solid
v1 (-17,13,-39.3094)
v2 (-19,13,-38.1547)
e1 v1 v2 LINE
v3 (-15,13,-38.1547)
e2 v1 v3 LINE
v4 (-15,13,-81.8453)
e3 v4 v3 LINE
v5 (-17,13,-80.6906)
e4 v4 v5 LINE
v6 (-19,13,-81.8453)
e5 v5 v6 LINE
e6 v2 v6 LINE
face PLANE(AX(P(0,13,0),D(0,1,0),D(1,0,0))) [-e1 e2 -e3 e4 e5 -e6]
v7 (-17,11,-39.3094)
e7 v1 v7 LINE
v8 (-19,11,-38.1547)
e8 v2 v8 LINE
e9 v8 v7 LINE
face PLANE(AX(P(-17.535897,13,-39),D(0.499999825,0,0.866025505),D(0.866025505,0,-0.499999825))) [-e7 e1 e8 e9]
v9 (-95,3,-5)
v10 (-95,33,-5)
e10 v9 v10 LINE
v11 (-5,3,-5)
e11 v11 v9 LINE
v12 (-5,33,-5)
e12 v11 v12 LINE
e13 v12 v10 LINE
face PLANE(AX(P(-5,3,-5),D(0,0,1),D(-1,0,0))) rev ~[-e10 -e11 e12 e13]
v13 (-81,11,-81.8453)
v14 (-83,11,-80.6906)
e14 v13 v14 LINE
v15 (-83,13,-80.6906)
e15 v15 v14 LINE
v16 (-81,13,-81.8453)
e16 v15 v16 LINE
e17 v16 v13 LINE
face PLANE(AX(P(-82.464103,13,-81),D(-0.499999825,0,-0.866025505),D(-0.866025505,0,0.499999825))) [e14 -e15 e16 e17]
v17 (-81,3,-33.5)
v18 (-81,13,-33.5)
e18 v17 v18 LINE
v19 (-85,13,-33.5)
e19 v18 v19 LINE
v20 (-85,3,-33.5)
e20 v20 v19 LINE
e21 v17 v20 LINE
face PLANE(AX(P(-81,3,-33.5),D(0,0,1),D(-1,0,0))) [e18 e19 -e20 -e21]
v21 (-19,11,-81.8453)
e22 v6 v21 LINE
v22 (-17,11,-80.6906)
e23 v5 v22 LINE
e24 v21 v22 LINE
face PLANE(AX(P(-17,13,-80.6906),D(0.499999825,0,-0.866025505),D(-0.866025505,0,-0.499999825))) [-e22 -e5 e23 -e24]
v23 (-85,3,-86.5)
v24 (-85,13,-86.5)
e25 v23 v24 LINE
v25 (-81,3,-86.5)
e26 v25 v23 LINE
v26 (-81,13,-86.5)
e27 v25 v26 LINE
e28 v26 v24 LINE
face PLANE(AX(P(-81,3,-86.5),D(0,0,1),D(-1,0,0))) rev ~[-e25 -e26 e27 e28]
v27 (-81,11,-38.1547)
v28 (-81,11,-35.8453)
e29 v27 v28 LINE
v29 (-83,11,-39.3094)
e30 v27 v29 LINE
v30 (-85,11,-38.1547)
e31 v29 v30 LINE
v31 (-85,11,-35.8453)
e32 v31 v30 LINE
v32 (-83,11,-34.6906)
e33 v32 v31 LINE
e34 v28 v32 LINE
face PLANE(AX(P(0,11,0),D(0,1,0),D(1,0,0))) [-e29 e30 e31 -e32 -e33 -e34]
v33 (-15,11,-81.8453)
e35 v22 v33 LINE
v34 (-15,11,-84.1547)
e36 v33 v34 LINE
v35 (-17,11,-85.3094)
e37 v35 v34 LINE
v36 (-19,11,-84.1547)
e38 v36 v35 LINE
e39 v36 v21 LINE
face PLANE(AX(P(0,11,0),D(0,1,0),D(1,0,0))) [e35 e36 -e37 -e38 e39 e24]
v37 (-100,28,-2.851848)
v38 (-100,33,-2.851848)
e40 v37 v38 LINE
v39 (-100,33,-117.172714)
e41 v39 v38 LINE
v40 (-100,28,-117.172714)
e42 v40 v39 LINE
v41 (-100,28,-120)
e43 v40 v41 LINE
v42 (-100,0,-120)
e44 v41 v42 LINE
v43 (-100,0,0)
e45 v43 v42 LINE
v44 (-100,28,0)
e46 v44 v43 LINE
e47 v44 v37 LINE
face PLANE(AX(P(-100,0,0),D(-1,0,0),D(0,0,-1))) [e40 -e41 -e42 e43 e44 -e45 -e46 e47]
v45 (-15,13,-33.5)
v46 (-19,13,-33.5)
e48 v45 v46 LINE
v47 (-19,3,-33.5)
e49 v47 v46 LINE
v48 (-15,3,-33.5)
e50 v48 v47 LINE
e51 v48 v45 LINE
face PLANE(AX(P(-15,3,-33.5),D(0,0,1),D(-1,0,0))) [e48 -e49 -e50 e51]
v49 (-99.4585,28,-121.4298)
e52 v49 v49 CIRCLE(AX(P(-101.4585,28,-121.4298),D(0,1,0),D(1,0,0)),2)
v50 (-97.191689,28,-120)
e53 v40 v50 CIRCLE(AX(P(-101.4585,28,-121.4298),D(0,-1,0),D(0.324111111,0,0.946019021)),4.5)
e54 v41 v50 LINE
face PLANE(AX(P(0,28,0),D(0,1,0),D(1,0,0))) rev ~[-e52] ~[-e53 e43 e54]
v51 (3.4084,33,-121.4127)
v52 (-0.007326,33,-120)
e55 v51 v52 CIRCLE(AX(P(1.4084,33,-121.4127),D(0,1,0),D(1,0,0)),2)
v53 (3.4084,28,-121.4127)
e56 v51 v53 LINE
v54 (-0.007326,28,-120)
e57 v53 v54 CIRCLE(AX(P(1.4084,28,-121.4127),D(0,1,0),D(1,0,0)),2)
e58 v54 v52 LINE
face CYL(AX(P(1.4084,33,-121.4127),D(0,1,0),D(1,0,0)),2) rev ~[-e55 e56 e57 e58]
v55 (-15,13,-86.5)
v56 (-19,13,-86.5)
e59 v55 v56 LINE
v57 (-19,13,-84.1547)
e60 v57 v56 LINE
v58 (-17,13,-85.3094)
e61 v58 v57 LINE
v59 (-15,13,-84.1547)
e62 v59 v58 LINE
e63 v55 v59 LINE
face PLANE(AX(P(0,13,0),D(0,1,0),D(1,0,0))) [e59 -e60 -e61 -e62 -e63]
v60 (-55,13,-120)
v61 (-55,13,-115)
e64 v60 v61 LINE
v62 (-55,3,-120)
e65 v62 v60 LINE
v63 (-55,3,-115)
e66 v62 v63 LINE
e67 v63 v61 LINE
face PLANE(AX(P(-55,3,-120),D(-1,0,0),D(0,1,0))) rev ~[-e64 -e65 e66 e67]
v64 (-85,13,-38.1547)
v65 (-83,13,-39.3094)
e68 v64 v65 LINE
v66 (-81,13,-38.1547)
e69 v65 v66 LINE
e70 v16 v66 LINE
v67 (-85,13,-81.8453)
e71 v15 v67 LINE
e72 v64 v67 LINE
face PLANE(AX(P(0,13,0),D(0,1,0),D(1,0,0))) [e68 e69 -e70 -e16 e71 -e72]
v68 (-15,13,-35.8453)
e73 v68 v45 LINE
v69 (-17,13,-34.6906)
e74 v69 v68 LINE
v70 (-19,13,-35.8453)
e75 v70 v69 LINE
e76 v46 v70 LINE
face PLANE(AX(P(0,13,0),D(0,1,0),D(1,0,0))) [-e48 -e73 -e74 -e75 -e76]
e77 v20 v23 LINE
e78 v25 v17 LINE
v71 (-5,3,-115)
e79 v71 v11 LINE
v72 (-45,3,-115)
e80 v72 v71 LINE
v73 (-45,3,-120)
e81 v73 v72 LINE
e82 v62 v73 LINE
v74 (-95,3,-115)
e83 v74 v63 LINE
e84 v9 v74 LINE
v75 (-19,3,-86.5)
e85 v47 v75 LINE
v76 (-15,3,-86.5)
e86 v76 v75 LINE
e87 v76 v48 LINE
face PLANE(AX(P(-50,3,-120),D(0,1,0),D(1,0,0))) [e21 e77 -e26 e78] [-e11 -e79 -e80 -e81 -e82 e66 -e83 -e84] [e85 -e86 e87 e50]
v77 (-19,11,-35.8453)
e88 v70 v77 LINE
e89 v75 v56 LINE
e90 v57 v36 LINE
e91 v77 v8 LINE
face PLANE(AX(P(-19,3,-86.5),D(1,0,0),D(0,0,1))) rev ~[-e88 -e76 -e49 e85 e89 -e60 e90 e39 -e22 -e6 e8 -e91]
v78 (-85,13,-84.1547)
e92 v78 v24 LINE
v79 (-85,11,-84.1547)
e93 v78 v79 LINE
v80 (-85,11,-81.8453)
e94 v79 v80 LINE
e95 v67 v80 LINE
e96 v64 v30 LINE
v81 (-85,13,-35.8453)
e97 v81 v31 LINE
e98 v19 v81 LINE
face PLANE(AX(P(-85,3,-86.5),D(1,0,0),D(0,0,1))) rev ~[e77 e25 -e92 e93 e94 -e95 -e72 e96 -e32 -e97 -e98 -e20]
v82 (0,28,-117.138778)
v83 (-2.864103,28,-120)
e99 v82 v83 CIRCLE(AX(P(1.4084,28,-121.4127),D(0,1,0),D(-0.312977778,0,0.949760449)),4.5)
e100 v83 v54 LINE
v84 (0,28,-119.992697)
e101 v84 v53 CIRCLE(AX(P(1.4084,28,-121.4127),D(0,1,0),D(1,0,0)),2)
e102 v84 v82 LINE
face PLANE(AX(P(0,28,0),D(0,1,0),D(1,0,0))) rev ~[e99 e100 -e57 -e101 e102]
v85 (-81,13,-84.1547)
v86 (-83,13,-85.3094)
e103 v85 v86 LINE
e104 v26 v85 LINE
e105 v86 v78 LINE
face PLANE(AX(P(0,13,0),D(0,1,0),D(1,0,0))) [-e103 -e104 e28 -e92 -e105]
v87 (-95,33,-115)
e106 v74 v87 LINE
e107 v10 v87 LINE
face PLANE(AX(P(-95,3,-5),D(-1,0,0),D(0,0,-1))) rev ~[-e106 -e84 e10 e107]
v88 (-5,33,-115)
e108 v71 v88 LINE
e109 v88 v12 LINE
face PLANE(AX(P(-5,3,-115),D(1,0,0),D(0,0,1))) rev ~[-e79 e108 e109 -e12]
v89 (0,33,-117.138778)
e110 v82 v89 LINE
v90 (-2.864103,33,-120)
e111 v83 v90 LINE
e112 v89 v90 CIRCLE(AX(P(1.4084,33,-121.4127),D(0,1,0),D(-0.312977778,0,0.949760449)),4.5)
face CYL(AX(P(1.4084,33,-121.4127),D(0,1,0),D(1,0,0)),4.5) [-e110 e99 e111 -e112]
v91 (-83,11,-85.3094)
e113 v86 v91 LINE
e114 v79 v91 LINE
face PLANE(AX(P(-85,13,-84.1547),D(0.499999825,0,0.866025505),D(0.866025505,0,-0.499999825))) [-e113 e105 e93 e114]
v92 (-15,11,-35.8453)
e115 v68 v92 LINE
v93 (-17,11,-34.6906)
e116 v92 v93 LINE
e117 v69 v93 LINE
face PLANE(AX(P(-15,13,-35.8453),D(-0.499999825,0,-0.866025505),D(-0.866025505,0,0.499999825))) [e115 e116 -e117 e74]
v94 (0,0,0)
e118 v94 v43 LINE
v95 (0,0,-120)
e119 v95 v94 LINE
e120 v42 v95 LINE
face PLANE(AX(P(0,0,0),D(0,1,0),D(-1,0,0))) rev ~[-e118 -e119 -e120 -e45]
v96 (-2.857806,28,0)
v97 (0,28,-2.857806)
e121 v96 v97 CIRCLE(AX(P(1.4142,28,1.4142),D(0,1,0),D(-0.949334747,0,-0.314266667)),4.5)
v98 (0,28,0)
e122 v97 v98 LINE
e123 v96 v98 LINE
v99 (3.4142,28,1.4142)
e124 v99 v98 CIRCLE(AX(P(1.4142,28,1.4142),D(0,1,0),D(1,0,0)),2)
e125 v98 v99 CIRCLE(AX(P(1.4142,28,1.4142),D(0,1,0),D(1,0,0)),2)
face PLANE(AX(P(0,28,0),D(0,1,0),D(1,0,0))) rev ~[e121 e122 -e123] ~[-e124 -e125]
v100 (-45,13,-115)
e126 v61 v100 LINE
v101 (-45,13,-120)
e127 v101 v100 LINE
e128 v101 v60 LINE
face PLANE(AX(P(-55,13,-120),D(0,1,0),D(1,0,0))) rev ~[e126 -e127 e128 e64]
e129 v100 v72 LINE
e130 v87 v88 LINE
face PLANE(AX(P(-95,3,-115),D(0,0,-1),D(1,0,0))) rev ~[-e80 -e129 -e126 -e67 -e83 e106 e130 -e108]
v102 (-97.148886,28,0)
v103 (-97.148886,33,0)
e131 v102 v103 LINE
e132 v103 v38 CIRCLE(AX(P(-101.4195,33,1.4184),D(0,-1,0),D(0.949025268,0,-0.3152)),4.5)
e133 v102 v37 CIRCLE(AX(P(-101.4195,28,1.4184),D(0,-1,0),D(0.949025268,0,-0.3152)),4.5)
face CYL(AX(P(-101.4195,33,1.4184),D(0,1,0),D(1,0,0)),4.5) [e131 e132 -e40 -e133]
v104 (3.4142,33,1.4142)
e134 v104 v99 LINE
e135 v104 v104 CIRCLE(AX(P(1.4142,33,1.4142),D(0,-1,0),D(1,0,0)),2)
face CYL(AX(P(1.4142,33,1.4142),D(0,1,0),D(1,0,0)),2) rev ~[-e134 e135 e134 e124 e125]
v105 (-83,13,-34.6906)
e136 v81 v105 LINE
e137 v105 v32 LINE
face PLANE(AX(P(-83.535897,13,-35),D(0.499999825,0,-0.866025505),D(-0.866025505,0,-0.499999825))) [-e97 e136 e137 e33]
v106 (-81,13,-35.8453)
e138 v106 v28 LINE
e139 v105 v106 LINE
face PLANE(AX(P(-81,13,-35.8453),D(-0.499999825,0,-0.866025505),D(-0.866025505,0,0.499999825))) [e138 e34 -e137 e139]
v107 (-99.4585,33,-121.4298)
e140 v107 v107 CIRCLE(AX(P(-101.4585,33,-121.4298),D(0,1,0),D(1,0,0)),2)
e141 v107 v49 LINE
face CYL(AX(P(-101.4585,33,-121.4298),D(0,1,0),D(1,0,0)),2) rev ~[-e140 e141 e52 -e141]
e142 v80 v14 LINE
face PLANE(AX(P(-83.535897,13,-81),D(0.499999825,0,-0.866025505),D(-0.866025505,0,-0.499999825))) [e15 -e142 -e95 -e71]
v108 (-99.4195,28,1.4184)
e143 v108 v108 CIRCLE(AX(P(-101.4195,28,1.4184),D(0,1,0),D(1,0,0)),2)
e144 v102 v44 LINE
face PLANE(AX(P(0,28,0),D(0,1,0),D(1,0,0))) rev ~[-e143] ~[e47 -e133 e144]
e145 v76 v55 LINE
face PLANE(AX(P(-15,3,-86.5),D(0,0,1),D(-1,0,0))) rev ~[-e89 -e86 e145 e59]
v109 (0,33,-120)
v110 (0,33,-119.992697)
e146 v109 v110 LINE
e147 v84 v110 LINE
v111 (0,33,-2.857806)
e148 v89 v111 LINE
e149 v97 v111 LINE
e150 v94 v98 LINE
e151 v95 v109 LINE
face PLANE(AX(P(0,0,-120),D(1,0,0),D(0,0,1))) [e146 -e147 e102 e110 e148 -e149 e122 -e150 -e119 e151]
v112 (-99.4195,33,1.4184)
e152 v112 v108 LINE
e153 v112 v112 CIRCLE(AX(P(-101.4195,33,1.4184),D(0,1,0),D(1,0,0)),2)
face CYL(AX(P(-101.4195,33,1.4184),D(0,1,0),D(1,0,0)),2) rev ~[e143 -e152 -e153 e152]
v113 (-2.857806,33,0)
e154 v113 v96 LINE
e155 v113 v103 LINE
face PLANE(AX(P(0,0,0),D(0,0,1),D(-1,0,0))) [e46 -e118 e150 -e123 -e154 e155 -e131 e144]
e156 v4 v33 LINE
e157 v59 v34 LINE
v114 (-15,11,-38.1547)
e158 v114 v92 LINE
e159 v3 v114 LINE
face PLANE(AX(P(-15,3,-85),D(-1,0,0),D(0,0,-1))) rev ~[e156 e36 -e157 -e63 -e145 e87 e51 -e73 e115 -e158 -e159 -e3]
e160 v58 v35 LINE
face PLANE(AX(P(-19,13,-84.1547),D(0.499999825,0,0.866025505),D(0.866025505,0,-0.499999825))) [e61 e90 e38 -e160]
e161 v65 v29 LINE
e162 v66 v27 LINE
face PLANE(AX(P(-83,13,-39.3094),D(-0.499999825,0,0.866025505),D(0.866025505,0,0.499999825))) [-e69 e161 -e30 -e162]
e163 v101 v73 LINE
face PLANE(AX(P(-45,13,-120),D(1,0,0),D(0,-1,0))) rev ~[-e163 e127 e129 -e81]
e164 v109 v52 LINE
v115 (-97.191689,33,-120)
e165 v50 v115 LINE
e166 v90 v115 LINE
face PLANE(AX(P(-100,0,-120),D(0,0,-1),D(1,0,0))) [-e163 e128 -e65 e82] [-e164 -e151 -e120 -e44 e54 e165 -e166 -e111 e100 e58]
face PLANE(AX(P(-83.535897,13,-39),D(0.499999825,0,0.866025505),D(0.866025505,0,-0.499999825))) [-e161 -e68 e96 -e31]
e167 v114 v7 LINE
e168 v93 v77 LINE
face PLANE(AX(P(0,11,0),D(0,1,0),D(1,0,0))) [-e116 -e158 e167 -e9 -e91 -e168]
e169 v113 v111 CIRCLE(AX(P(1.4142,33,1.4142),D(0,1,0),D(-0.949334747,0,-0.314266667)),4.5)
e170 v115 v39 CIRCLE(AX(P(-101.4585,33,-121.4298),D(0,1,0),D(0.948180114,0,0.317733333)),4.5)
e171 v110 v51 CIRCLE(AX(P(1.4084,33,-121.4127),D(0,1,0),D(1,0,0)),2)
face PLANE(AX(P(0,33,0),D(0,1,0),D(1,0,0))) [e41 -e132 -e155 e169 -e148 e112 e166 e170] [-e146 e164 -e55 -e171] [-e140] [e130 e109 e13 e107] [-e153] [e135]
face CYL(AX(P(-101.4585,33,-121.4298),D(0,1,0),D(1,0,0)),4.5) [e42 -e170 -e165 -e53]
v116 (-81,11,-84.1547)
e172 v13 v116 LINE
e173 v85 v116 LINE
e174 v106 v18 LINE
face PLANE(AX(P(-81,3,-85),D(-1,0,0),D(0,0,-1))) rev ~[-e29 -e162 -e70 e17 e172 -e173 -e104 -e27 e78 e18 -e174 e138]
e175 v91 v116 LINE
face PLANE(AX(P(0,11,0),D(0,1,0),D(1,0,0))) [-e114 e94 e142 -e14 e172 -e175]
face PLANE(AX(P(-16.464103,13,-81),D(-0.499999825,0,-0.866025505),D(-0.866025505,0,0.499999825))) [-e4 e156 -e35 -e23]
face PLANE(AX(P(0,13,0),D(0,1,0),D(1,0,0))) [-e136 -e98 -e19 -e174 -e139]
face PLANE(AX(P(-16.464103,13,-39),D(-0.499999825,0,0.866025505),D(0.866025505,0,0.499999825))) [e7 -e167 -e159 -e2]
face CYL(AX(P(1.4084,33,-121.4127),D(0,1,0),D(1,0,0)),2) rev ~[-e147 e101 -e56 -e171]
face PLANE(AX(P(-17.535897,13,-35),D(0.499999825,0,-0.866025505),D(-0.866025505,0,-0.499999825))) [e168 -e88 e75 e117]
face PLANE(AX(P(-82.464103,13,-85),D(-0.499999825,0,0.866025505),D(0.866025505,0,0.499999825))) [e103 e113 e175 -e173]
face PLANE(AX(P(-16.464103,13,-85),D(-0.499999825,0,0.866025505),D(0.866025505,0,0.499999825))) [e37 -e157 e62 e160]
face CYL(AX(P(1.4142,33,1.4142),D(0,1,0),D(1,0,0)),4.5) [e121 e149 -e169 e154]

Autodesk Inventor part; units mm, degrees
ref_plane "YZ Plane" through (0, 0, 0) normal (1, 0, 0) x (0, 1, 0)
ref_plane "XZ Plane" through (0, 0, 0) normal (0, 1, 0) x (-1, 0, 0)
ref_plane "XY Plane" through (0, 0, 0) normal (0, 0, 1) x (1, 0, 0)
sketch "Sketch2" plane through (0, 0, 0) normal (0, 1, 0) x (-1, 0, 0)
  line L0 (0, 0) -> (100, 0)
  line L1 (100, 0) -> (100, -120)
  line L2 (100, -120) -> (0, -120)
  line L3 (0, -120) -> (0, 0)
  dimension "d0" = 100
  dimension "d1" = 120
extrude "Extrusion1" add sketch "Sketch2" along normal blind 3
sketch "Sketch3" plane through (0, 3, 0) normal (0, 1, 0) x (1, 0, 0)
  line L0 (0, 120) -> (-100, 120) projected
  line L1 (-100, 120) -> (-100, 0) projected
  line L2 (-95, 115) -> (-5, 115)
  line L3 (-5, 115) -> (-5, 5)
  line L4 (-5, 5) -> (-95, 5)
  line L5 (-95, 5) -> (-95, 115)
  line L6 (-100, 120) -> (0, 120)
  line L7 (0, 120) -> (0, 0)
  line L8 (0, 0) -> (-100, 0)
  line L9 (-100, 0) -> (-100, 120)
  dimension "d6" = 90
  dimension "d7" = 110
extrude "Extrusion2" add sketch "Sketch3" along normal blind 30
sketch "Sketch4" plane through (0, 3, 0) normal (0, 1, 0) x (1, 0, 0)
  line L0 (-95, 115) -> (-95, 5) projected
  line L1 (-95, 115) -> (-95, 85)
  line L2 (-85, 85) -> (-15, 85)
  line L3 (-15, 85) -> (-15, 35)
  line L4 (-15, 35) -> (-85, 35)
  line L5 (-85, 35) -> (-85, 85)
  line L6 (-85, 85) -> (-81, 85)
  line L7 (-81, 85) -> (-81, 35)
  line L8 (-81, 35) -> (-85, 35)
  line L9 (-85, 35) -> (-85, 85)
  line L10 (-15, 85) -> (-19, 85)
  line L11 (-19, 85) -> (-19, 35)
  line L12 (-19, 35) -> (-15, 35)
  line L13 (-15, 35) -> (-15, 85)
  line L14 (-85, 85) -> (-81, 85)
  line L15 (-81, 85) -> (-81, 81)
  line L16 (-81, 81) -> (-85, 81)
  line L17 (-85, 81) -> (-85, 85)
  line L18 (-85, 35) -> (-81, 35)
  line L19 (-81, 35) -> (-81, 39)
  line L20 (-81, 39) -> (-85, 39)
  line L21 (-85, 39) -> (-85, 35)
  line L22 (-19, 35) -> (-15, 35)
  line L23 (-15, 35) -> (-15, 39)
  line L24 (-15, 39) -> (-19, 39)
  line L25 (-19, 39) -> (-19, 35)
  line L26 (-19, 85) -> (-15, 85)
  line L27 (-15, 85) -> (-15, 81)
  line L28 (-15, 81) -> (-19, 81)
  line L29 (-19, 81) -> (-19, 85)
  circle A0 centre (-83, 83) radius 1
  circle A1 centre (-83, 37) radius 1
  circle A2 centre (-17, 37) radius 1
  circle A3 centre (-17, 83) radius 1
  point P0 (0, 0)
  dimension "d12" = 70
  dimension "d13" = 50
  dimension "d14" = 4
  dimension "d15" = 4
  dimension "d16" = 4
  dimension "d17" = 4
  dimension "d18" = 2
  dimension "d19" = 2
  dimension "d20" = 2
sketch "Sketch5" plane through (0, 33, 0) normal (0, 1, 0) x (1, 0, 0)
  point P0 (0, 0)
sketch "Sketch6" plane through (0, 33, 0) normal (0, 1, 0) x (1, 0, 0)
  line L0 (-100, 0) -> (0, 0) projected
  line L1 (0, 0) -> (10, 0) construction
  circle A0 centre (1.4142, -1.4142) radius 2
  circle A1 centre (1.4142, -1.4142) radius 4.5
  circle A2 centre (1.4084, 121.4127) radius 2
  circle A3 centre (1.4084, 121.4127) radius 4.5
  circle A4 centre (-101.4585, 121.4298) radius 2
  circle A5 centre (-101.4585, 121.4298) radius 4.5
  circle A6 centre (-101.4195, -1.4184) radius 2
  circle A7 centre (-101.4195, -1.4184) radius 4.5
  dimension "d24" = 4
  dimension "d25" = 9
  dimension "d27" = 4
  dimension "d28" = 9
  dimension "d30" = 4
  dimension "d31" = 9
  dimension "d33" = 4
  dimension "d34" = 9
extrude "Extrusion3" add sketch "Sketch6" against normal blind 5
extrude "Extrusion4" add sketch "Sketch4" along normal blind 10 contours L16 L7 L20 L5 | L28 L3 L24 L11
sketch "Sketch7" plane through (0, 13, 0) normal (0, 1, 0) x (1, 0, 0)
  point P0 (0, 0)
sketch "Sketch10" plane through (0, 13, 0) normal (0, 1, 0) x (1, 0, 0)
  line L0 (-81, 81) -> (-85, 81) projected
  line L1 (-81, 39) -> (-81, 81) projected
  line L2 (-85, 81) -> (-81, 81)
  line L3 (-81, 81) -> (-81, 39)
  line L4 (-81, 39) -> (-85, 39)
  line L5 (-85, 39) -> (-85, 81)
  point P0 (0, 0)
sketch "Sketch11" plane through (0, 13, 0) normal (0, 1, 0) x (1, 0, 0)
  line L0 (-15, 81) -> (-19, 81) projected
  line L1 (-15, 39) -> (-15, 81) projected
  line L2 (-19, 81) -> (-15, 81)
  line L3 (-15, 81) -> (-15, 39)
  line L4 (-15, 39) -> (-19, 39)
  line L5 (-19, 39) -> (-19, 81)
  line L6 (-85, 81) -> (-81, 81) projected
  line L7 (-85, 81) -> (-81, 81)
  line L8 (-81, 81) -> (-81, 85)
  line L9 (-81, 85) -> (-85, 85)
  line L10 (-85, 85) -> (-85, 81)
  line L11 (-19, 39) -> (-19, 81) projected
  line L12 (-19, 81) -> (-15, 81)
  line L13 (-15, 81) -> (-15, 85)
  line L14 (-15, 85) -> (-19, 85)
  line L15 (-19, 85) -> (-19, 81)
  line L16 (-15, 39) -> (-19, 39) projected
  line L17 (-19, 39) -> (-15, 39)
  line L18 (-15, 39) -> (-15, 35)
  line L19 (-15, 35) -> (-19, 35)
  line L20 (-19, 35) -> (-19, 39)
  line L21 (-85, 39) -> (-81, 39)
  line L22 (-81, 39) -> (-81, 35)
  line L23 (-81, 35) -> (-85, 35)
  line L24 (-85, 35) -> (-85, 39)
  circle A0 centre (-83, 83) radius 1
  circle A1 centre (-17, 83) radius 1
  circle A2 centre (-17, 37) radius 1
  circle A3 centre (-83, 37) radius 1
  line L25 (-19, 84.1547) -> (-17, 85.3094)
  line L26 (-17, 85.3094) -> (-15, 84.1547)
  line L27 (-15, 84.1547) -> (-15, 81.8453)
  line L28 (-15, 81.8453) -> (-17, 80.6906)
  line L29 (-17, 80.6906) -> (-19, 81.8453)
  line L30 (-19, 81.8453) -> (-19, 84.1547)
  line L31 (-19, 38.1547) -> (-17, 39.3094)
  line L32 (-17, 39.3094) -> (-15, 38.1547)
  line L33 (-15, 38.1547) -> (-15, 35.8453)
  line L34 (-15, 35.8453) -> (-17, 34.6906)
  line L35 (-17, 34.6906) -> (-19, 35.8453)
  line L36 (-19, 35.8453) -> (-19, 38.1547)
  line L37 (-81, 35.8453) -> (-83, 34.6906)
  line L38 (-83, 34.6906) -> (-85, 35.8453)
  line L39 (-85, 35.8453) -> (-85, 38.1547)
  line L40 (-85, 38.1547) -> (-83, 39.3094)
  line L41 (-83, 39.3094) -> (-81, 38.1547)
  line L42 (-81, 38.1547) -> (-81, 35.8453)
  line L43 (-81, 81.8453) -> (-83, 80.6906)
  line L44 (-83, 80.6906) -> (-85, 81.8453)
  line L45 (-85, 81.8453) -> (-85, 84.1547)
  line L46 (-85, 84.1547) -> (-83, 85.3094)
  line L47 (-83, 85.3094) -> (-81, 84.1547)
  line L48 (-81, 84.1547) -> (-81, 81.8453)
  point P0 (0, 0)
  point P1 (-19, 83)
  point P2 (-19, 37)
  point P3 (-81, 37)
  point P4 (-81, 83)
  dimension "d75" = 4
  dimension "d76" = 4
  dimension "d77" = 2
  dimension "d78" = 2
  dimension "d79" = 2
sketch "Sketch17" plane through (0, 3, 0) normal (0, 1, 0) x (1, 0, 0)
  line L0 (-85, 85) -> (-15, 85)
  line L1 (-15, 85) -> (-15, 35)
  line L2 (-15, 35) -> (-85, 35)
  line L3 (-85, 35) -> (-85, 85)
  line L4 (-85, 85) -> (-81, 85)
  line L5 (-81, 85) -> (-81, 35)
  line L6 (-81, 35) -> (-85, 35)
  line L7 (-85, 35) -> (-85, 85)
  line L8 (-15, 85) -> (-19, 85)
  line L9 (-19, 85) -> (-19, 35)
  line L10 (-19, 35) -> (-15, 35)
  line L11 (-15, 35) -> (-15, 85)
  point P0 (0, 0)
  point P1 (-95, 115)
extrude "Extrusion7" add sketch "Sketch17" along normal blind 10 contours L0 L5 L2 L3 | L0 L1 L2 L9
sketch "Sketch18" plane through (0, 3, 0) normal (0, 1, 0) x (1, 0, 0)
  line L0 (-19, 35) -> (-19, 85) projected
  line L1 (-19, 35) -> (-15, 35)
  line L2 (-15, 35) -> (-15, 33.5)
  line L3 (-15, 33.5) -> (-19, 33.5)
  line L4 (-19, 33.5) -> (-19, 35)
  line L5 (-19, 85) -> (-15, 85)
  line L6 (-15, 85) -> (-15, 86.5)
  line L7 (-15, 86.5) -> (-19, 86.5)
  line L8 (-19, 86.5) -> (-19, 85)
  line L9 (-81, 85) -> (-85, 85) projected
  line L10 (-85, 85) -> (-81, 85)
  line L11 (-81, 85) -> (-81, 86.5)
  line L12 (-81, 86.5) -> (-85, 86.5)
  line L13 (-85, 86.5) -> (-85, 85)
  line L14 (-85, 35) -> (-81, 35) projected
  line L15 (-85, 35) -> (-81, 35)
  line L16 (-81, 35) -> (-81, 33.5)
  line L17 (-81, 33.5) -> (-85, 33.5)
  line L18 (-85, 33.5) -> (-85, 35)
  point P0 (0, 0)
  dimension "d80" = 4
  dimension "d81" = 1.5
  dimension "d82" = 1.5
extrude "Extrusion8" add sketch "Sketch18" along normal blind 10
extrude "Extrusion9" cut sketch "Sketch11" against normal blind 2 contours L28 L29 L0 | L0 L29 L15 L25 L14 L26 L13 L28 | L32 L18 L34 L19 L35 L20 L31 L4 | L4 L31 L32 | L14 L25 L26 | L34 L35 L19 | L44 L10 L46 L9 L47 L8 L43 L6 | L6 L43 L44 | L46 L47 L9 | L40 L41 L21 | L21 L41 L22 L37 L23 L38 L24 L40 | L23 L37 L38 | A0 | A1 | A2 | A3
sketch "Sketch19" plane through (0, 28, 0) normal (0, -1, 0) x (1, 0, 0)
  circle A0 centre (1.4142, 1.4142) radius 2 projected
  circle A1 centre (1.4142, 1.4142) radius 2
  circle A2 centre (1.4142, 1.4142) radius 4.5
  circle A3 centre (-101.4195, 1.4184) radius 2 projected
  circle A4 centre (-101.4195, 1.4184) radius 2
  circle A5 centre (-101.4195, 1.4184) radius 4.5
  circle A6 centre (-101.4585, -121.4298) radius 2 projected
  circle A7 centre (-101.4585, -121.4298) radius 2
  circle A8 centre (-101.4585, -121.4298) radius 4.5
  circle A9 centre (1.4142, -121.4298) radius 2.0171
  arc A10 (-0.0073, -120) -> (0, -119.9927) centre (1.4084, -121.4127) ccw projected
  circle A11 centre (1.4084, -121.4127) radius 4.5
  point P0 (0, 0)
sketch "Sketch20" plane through (0, 0, -120) normal (0, 0, -1) x (-1, 0, 0)
  line L0 (100, 28) -> (100, 33) projected
  line L1 (0, 0) -> (100, 0)
  line L2 (100, 0) -> (100, 33)
  line L3 (100, 33) -> (0, 33)
  line L4 (0, 33) -> (0, 0)
  line L5 (95, 3) -> (5, 3) projected
  line L6 (50, 3) -> (55, 3)
  line L7 (55, 3) -> (55, 13)
  line L8 (55, 13) -> (50, 13)
  line L9 (50, 13) -> (45, 13)
  line L10 (45, 13) -> (45, 3)
  line L11 (45, 3) -> (50, 3)
  line L12 (55, 13) -> (45, 13)
  line L13 (45, 13) -> (45, 3)
  line L14 (45, 3) -> (55, 3)
  line L15 (55, 3) -> (55, 13)
extrude "Extrusion10" cut sketch "Sketch20" against normal blind 10 contours L5 L10 L9 L8 L7
properties part number "Spod"
